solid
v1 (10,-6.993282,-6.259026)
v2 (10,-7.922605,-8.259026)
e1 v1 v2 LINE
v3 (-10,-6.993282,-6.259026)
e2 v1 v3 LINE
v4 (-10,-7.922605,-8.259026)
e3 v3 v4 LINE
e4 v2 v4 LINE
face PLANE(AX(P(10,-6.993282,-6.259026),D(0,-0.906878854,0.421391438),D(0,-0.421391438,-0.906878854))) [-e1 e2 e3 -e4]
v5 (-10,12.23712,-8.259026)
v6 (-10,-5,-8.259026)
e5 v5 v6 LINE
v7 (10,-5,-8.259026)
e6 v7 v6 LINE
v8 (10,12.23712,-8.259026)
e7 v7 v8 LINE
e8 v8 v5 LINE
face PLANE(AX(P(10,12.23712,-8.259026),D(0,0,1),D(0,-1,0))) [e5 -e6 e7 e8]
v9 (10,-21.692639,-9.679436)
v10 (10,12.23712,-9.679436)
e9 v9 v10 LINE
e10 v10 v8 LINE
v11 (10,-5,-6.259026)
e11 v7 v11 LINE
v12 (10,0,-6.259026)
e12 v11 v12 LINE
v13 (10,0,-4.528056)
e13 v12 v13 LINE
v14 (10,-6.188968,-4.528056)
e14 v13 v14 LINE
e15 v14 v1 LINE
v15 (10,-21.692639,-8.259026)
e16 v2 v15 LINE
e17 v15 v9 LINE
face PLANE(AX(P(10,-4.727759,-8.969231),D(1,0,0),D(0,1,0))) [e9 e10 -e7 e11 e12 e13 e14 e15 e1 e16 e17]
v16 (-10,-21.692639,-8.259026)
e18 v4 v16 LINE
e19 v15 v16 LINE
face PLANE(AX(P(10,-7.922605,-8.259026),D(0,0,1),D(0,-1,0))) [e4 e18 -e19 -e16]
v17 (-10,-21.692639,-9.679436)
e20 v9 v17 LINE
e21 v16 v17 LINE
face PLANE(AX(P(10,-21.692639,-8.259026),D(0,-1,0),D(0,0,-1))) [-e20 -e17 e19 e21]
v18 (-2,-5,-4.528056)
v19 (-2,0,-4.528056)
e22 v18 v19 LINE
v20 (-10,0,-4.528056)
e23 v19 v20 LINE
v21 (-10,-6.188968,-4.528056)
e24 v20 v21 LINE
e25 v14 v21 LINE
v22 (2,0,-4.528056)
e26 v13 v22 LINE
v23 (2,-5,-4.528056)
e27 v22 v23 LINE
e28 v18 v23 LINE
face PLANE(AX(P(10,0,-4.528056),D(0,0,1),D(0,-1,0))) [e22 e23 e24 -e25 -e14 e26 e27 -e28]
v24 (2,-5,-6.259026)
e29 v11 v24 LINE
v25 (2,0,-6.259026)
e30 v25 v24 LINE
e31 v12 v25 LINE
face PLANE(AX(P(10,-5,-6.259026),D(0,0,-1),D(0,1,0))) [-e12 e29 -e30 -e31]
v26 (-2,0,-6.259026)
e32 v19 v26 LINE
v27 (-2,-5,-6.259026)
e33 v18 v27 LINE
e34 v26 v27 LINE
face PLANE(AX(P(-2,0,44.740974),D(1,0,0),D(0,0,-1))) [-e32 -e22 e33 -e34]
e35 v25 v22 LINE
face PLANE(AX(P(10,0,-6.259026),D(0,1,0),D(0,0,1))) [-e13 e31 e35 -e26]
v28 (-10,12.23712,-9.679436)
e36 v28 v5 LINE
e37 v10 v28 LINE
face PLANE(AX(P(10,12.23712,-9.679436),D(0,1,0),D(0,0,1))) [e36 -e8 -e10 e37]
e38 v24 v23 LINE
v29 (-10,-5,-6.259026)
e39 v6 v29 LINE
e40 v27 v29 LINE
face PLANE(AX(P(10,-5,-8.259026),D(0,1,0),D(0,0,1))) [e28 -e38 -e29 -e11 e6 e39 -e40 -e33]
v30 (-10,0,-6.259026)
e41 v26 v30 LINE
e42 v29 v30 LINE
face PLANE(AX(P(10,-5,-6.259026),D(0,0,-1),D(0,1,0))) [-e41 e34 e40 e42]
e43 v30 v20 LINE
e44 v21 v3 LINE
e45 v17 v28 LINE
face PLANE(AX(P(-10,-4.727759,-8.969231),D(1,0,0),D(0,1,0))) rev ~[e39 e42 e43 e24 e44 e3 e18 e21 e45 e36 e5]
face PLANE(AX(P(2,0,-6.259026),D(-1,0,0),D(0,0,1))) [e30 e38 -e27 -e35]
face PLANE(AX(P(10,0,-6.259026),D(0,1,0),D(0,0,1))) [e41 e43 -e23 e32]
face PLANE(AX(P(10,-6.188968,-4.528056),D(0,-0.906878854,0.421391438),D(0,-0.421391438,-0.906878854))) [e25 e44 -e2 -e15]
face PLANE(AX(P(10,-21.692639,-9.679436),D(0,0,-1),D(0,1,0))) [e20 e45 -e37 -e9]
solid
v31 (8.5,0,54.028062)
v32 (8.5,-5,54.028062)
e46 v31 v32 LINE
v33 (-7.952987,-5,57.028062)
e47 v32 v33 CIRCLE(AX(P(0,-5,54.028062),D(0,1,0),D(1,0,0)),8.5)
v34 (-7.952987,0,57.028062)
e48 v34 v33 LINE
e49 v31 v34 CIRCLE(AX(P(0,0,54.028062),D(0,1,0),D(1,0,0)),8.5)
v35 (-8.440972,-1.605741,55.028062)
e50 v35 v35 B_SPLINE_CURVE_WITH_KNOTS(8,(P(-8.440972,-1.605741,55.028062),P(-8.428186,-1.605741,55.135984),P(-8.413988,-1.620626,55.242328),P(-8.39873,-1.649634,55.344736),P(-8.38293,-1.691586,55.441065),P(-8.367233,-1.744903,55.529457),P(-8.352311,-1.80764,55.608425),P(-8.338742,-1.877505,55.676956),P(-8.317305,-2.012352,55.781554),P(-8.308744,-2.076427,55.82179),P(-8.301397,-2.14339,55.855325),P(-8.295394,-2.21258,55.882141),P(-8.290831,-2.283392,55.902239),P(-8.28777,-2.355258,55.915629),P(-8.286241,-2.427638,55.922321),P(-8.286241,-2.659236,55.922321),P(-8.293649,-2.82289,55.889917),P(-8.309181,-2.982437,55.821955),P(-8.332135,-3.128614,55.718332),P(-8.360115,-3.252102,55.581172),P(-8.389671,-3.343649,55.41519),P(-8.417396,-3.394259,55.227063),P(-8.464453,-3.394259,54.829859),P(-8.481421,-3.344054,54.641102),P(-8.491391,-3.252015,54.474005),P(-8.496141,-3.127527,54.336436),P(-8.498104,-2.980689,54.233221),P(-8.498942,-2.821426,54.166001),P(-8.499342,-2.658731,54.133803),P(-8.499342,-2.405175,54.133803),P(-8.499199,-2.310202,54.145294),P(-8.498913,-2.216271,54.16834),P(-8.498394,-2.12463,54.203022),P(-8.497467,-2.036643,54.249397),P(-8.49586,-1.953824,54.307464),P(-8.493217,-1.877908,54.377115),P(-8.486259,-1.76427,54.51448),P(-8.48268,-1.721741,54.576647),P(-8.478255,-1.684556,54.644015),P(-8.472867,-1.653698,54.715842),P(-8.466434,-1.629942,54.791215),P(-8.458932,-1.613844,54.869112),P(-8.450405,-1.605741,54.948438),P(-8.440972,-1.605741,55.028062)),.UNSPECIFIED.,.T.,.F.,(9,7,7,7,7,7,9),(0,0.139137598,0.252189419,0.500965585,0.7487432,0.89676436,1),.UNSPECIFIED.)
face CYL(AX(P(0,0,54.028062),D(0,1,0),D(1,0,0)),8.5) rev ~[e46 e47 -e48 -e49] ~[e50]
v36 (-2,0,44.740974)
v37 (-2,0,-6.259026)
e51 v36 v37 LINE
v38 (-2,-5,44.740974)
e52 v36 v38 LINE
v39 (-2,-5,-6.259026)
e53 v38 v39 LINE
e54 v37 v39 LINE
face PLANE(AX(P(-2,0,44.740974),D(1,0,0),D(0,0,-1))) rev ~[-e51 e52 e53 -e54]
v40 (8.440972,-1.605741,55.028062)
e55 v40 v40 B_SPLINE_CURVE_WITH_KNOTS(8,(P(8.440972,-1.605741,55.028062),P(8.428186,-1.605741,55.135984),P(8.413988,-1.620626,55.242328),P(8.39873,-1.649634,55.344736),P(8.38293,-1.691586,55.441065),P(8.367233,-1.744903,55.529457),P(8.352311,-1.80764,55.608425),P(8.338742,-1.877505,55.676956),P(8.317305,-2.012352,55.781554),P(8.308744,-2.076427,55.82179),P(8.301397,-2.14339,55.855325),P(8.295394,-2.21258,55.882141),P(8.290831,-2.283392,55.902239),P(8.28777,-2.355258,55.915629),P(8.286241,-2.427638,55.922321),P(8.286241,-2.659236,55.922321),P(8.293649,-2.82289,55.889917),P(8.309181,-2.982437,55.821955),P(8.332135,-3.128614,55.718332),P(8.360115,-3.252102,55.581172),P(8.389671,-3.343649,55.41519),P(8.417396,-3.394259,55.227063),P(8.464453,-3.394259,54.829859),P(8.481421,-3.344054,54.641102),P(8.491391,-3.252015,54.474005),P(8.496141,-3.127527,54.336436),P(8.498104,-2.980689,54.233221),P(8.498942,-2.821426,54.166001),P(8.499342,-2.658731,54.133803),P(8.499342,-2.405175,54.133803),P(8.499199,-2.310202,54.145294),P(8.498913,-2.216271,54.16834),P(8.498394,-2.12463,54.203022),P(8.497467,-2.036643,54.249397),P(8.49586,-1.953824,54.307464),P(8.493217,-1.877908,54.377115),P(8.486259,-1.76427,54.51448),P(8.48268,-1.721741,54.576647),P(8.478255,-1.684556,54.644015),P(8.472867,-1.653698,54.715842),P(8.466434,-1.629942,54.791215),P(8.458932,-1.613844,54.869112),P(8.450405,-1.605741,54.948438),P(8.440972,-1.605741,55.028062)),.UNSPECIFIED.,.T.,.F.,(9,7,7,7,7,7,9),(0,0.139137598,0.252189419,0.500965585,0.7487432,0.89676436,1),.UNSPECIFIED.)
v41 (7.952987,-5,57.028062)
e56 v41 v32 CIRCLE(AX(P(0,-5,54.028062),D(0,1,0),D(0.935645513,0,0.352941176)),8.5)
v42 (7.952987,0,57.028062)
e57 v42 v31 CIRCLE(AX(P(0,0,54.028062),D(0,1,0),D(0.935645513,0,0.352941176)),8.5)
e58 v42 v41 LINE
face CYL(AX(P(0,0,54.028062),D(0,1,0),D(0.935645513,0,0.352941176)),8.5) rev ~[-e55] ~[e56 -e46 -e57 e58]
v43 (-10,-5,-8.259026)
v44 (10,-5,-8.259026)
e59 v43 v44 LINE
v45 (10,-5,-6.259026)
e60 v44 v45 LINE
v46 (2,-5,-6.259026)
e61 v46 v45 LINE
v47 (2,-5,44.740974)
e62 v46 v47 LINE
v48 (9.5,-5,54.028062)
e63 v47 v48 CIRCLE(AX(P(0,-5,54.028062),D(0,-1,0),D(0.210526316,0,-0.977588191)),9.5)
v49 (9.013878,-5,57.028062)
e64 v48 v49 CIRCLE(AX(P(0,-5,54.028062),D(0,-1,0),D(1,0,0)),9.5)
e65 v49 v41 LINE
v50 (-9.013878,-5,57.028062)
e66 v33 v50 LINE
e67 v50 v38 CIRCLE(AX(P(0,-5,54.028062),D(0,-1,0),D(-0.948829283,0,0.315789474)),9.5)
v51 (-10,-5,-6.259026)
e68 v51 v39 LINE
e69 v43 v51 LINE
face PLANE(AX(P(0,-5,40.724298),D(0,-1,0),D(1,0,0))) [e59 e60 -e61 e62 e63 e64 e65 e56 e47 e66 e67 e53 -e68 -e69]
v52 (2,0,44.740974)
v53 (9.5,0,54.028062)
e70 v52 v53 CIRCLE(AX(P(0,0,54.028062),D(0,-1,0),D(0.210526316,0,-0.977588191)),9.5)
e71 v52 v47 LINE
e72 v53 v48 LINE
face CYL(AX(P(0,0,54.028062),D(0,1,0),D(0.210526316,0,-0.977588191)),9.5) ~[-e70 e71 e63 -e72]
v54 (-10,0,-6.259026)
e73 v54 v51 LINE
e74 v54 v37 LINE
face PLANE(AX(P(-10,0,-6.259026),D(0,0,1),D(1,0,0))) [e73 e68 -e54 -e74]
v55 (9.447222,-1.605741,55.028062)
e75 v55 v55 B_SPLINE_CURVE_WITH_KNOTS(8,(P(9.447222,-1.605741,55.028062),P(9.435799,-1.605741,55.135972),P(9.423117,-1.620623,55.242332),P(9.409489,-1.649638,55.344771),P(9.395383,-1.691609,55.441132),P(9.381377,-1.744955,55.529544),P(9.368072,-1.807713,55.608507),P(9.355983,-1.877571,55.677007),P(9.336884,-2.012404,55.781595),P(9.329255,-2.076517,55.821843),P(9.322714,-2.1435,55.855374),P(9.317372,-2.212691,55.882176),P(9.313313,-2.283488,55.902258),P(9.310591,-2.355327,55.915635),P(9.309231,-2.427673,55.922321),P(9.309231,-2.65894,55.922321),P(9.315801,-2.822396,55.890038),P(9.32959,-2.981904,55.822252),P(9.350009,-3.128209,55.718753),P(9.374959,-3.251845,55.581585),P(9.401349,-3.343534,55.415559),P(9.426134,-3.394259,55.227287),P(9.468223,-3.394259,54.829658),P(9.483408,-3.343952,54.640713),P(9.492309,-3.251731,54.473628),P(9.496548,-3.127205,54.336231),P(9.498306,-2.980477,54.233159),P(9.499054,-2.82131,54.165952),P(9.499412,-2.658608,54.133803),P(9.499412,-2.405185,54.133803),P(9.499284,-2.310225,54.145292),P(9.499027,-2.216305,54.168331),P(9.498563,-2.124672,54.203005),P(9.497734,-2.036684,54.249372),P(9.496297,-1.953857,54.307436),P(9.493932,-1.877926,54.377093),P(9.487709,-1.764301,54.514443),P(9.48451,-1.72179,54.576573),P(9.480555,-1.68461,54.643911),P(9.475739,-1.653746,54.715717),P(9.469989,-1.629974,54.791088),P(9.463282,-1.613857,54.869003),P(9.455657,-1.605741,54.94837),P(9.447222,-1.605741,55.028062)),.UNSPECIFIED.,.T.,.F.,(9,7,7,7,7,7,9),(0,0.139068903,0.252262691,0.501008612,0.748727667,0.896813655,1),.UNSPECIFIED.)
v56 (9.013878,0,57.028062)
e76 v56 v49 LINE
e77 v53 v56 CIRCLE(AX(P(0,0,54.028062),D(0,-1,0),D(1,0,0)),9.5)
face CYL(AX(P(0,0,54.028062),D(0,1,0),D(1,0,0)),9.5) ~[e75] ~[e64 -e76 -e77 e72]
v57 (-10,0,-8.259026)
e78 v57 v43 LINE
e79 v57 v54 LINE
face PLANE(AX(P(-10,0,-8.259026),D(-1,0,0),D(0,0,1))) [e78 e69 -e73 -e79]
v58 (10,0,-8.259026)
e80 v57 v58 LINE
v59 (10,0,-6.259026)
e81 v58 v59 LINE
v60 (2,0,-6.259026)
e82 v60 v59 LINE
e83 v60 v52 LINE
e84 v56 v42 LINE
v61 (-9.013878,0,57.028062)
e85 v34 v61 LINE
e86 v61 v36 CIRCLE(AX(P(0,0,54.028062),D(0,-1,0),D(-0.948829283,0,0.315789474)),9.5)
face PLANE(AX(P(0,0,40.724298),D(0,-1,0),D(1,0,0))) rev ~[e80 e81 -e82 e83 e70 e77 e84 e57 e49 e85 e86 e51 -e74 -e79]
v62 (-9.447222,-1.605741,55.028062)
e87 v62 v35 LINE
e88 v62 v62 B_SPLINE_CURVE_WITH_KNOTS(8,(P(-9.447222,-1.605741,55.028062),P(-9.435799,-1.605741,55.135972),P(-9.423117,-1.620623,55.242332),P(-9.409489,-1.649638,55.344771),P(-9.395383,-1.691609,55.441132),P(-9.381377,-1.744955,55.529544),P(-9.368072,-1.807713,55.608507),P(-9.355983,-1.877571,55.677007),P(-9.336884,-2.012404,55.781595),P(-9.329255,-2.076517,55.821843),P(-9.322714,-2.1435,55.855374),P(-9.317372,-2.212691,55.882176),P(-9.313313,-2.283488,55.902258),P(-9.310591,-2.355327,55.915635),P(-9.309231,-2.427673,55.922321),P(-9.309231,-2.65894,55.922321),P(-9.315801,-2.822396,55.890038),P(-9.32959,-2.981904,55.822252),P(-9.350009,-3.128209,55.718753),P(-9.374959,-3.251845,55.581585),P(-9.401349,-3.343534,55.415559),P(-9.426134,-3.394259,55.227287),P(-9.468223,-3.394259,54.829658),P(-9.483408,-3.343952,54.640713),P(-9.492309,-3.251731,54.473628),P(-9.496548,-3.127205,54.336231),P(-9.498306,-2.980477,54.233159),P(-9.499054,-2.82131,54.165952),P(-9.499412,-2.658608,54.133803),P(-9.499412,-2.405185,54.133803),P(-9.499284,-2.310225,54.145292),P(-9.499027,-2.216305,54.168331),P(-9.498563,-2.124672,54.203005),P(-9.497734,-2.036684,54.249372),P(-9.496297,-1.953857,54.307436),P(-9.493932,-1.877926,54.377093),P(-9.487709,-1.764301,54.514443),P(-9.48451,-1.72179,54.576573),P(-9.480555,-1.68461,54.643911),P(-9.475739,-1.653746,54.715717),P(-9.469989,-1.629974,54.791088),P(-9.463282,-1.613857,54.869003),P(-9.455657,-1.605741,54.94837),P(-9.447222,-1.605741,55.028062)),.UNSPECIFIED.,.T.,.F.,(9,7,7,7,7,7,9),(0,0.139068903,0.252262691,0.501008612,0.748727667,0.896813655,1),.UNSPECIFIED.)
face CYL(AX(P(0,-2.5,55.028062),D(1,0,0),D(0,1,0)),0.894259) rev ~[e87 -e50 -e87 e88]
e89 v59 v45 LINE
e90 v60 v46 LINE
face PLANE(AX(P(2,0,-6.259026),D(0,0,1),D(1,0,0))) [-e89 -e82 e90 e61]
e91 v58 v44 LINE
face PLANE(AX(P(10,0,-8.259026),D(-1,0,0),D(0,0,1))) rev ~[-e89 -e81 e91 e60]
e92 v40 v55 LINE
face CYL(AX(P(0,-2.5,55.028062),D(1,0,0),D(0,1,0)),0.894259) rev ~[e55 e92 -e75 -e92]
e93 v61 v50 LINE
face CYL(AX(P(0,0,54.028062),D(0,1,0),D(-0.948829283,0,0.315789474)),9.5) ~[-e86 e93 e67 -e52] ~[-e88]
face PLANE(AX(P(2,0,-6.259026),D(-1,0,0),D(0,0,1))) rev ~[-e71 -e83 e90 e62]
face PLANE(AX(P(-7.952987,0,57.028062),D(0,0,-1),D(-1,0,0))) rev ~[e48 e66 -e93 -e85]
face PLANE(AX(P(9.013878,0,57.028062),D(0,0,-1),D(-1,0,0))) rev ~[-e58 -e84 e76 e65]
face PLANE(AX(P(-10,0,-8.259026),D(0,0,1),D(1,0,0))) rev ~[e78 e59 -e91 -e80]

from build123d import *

# Parameters (mm, degrees)
F0_W     = 4
F0_H     = 43
F0_W_2   = 8
F0_H_2   = 2
F1_DEPTH = 5
F3_DEPTH = 20
F5_R     = 0.8942590534
F6_DEPTH = 12.5


with BuildPart() as f1:
    # F0 (on Front) → F1 (new body)
    with BuildSketch(Plane.XZ):
        with BuildLine():
            ThreePointArc((2, 44.7409739319), (0, 44.5280617424), (-2, 44.7409739319))
            Line((-2, 44.7409739319), (-2, 36.7409739319))
            Line((-2, 36.7409739319), (2, 36.7409739319))
            Line((2, 36.7409739319), (2, 44.7409739319))
        make_face()
        with BuildLine():
            ThreePointArc((7.9529868603, 57.0280617424), (8.3621285661, 55.5527931429), (8.5, 54.0280617424))
            ThreePointArc((8.5, 54.0280617424), (-1.5247314005, 45.6659331763), (-7.9529868603, 57.0280617424))
            Line((-7.9529868603, 57.0280617424), (-9.0138781887, 57.0280617424))
            ThreePointArc((-9.0138781887, 57.0280617424), (-8.2504248318, 49.318444975), (-2, 44.7409739319))
            ThreePointArc((-2, 44.7409739319), (0, 44.5280617424), (2, 44.7409739319))
            ThreePointArc((2, 44.7409739319), (7.3908727495, 48.0593935492), (9.5, 54.0280617424))
            ThreePointArc((9.5, 54.0280617424), (9.3776820908, 55.5476270104), (9.0138781887, 57.0280617424))
            Line((9.0138781887, 57.0280617424), (7.9529868603, 57.0280617424))
        make_face()
        with Locations((0, 15.2409739319)):
            Rectangle(F0_W, F0_H)
        with Locations((6, -7.2590260681)):
            Rectangle(F0_W_2, F0_H_2)
        with Locations((0, -7.2590260681)):
            Rectangle(F0_W, F0_H_2)
        with Locations((-6, -7.2590260681)):
            Rectangle(F0_W_2, F0_H_2)
    extrude(amount=F1_DEPTH)


with BuildPart() as f3:
    # F2 (on face) → F3 (new body)
    with BuildSketch(Plane.YZ.offset(10)):
        Polygon((12.2371204197, -9.6794357523), (12.2371204197, -8.2590260681), (0, -8.2590260681), (-5, -8.2590260681), (-7.9226046801, -8.2590260681), (-21.6926392168, -8.2590260681), (-21.6926392168, -9.6794357523), align=None)
        Polygon((-5, -8.2590260681), (-5, -6.2590260681), (-6.9932822321, -6.2590260681), (-7.9226046801, -8.2590260681), align=None)
        Polygon((-5, -6.2590260681), (0, -6.2590260681), (0, -4.5280563645), (-6.1889677308, -4.5280563645), (-6.9932822321, -6.2590260681), align=None)
    extrude(amount=-F3_DEPTH)

    # F4: cut F1
    add(f1.part, mode=Mode.SUBTRACT)


with BuildPart() as f1_1:
    add(f1.part)

    # F5 (on Right) → F6 (cut, symmetric)
    with BuildSketch(Plane.YZ):
        with Locations((-2.5, 55.0280617424)):
            Circle(F5_R)
    extrude(amount=F6_DEPTH, both=True, mode=Mode.SUBTRACT)


solid = Compound([f3.part, f1_1.part])
